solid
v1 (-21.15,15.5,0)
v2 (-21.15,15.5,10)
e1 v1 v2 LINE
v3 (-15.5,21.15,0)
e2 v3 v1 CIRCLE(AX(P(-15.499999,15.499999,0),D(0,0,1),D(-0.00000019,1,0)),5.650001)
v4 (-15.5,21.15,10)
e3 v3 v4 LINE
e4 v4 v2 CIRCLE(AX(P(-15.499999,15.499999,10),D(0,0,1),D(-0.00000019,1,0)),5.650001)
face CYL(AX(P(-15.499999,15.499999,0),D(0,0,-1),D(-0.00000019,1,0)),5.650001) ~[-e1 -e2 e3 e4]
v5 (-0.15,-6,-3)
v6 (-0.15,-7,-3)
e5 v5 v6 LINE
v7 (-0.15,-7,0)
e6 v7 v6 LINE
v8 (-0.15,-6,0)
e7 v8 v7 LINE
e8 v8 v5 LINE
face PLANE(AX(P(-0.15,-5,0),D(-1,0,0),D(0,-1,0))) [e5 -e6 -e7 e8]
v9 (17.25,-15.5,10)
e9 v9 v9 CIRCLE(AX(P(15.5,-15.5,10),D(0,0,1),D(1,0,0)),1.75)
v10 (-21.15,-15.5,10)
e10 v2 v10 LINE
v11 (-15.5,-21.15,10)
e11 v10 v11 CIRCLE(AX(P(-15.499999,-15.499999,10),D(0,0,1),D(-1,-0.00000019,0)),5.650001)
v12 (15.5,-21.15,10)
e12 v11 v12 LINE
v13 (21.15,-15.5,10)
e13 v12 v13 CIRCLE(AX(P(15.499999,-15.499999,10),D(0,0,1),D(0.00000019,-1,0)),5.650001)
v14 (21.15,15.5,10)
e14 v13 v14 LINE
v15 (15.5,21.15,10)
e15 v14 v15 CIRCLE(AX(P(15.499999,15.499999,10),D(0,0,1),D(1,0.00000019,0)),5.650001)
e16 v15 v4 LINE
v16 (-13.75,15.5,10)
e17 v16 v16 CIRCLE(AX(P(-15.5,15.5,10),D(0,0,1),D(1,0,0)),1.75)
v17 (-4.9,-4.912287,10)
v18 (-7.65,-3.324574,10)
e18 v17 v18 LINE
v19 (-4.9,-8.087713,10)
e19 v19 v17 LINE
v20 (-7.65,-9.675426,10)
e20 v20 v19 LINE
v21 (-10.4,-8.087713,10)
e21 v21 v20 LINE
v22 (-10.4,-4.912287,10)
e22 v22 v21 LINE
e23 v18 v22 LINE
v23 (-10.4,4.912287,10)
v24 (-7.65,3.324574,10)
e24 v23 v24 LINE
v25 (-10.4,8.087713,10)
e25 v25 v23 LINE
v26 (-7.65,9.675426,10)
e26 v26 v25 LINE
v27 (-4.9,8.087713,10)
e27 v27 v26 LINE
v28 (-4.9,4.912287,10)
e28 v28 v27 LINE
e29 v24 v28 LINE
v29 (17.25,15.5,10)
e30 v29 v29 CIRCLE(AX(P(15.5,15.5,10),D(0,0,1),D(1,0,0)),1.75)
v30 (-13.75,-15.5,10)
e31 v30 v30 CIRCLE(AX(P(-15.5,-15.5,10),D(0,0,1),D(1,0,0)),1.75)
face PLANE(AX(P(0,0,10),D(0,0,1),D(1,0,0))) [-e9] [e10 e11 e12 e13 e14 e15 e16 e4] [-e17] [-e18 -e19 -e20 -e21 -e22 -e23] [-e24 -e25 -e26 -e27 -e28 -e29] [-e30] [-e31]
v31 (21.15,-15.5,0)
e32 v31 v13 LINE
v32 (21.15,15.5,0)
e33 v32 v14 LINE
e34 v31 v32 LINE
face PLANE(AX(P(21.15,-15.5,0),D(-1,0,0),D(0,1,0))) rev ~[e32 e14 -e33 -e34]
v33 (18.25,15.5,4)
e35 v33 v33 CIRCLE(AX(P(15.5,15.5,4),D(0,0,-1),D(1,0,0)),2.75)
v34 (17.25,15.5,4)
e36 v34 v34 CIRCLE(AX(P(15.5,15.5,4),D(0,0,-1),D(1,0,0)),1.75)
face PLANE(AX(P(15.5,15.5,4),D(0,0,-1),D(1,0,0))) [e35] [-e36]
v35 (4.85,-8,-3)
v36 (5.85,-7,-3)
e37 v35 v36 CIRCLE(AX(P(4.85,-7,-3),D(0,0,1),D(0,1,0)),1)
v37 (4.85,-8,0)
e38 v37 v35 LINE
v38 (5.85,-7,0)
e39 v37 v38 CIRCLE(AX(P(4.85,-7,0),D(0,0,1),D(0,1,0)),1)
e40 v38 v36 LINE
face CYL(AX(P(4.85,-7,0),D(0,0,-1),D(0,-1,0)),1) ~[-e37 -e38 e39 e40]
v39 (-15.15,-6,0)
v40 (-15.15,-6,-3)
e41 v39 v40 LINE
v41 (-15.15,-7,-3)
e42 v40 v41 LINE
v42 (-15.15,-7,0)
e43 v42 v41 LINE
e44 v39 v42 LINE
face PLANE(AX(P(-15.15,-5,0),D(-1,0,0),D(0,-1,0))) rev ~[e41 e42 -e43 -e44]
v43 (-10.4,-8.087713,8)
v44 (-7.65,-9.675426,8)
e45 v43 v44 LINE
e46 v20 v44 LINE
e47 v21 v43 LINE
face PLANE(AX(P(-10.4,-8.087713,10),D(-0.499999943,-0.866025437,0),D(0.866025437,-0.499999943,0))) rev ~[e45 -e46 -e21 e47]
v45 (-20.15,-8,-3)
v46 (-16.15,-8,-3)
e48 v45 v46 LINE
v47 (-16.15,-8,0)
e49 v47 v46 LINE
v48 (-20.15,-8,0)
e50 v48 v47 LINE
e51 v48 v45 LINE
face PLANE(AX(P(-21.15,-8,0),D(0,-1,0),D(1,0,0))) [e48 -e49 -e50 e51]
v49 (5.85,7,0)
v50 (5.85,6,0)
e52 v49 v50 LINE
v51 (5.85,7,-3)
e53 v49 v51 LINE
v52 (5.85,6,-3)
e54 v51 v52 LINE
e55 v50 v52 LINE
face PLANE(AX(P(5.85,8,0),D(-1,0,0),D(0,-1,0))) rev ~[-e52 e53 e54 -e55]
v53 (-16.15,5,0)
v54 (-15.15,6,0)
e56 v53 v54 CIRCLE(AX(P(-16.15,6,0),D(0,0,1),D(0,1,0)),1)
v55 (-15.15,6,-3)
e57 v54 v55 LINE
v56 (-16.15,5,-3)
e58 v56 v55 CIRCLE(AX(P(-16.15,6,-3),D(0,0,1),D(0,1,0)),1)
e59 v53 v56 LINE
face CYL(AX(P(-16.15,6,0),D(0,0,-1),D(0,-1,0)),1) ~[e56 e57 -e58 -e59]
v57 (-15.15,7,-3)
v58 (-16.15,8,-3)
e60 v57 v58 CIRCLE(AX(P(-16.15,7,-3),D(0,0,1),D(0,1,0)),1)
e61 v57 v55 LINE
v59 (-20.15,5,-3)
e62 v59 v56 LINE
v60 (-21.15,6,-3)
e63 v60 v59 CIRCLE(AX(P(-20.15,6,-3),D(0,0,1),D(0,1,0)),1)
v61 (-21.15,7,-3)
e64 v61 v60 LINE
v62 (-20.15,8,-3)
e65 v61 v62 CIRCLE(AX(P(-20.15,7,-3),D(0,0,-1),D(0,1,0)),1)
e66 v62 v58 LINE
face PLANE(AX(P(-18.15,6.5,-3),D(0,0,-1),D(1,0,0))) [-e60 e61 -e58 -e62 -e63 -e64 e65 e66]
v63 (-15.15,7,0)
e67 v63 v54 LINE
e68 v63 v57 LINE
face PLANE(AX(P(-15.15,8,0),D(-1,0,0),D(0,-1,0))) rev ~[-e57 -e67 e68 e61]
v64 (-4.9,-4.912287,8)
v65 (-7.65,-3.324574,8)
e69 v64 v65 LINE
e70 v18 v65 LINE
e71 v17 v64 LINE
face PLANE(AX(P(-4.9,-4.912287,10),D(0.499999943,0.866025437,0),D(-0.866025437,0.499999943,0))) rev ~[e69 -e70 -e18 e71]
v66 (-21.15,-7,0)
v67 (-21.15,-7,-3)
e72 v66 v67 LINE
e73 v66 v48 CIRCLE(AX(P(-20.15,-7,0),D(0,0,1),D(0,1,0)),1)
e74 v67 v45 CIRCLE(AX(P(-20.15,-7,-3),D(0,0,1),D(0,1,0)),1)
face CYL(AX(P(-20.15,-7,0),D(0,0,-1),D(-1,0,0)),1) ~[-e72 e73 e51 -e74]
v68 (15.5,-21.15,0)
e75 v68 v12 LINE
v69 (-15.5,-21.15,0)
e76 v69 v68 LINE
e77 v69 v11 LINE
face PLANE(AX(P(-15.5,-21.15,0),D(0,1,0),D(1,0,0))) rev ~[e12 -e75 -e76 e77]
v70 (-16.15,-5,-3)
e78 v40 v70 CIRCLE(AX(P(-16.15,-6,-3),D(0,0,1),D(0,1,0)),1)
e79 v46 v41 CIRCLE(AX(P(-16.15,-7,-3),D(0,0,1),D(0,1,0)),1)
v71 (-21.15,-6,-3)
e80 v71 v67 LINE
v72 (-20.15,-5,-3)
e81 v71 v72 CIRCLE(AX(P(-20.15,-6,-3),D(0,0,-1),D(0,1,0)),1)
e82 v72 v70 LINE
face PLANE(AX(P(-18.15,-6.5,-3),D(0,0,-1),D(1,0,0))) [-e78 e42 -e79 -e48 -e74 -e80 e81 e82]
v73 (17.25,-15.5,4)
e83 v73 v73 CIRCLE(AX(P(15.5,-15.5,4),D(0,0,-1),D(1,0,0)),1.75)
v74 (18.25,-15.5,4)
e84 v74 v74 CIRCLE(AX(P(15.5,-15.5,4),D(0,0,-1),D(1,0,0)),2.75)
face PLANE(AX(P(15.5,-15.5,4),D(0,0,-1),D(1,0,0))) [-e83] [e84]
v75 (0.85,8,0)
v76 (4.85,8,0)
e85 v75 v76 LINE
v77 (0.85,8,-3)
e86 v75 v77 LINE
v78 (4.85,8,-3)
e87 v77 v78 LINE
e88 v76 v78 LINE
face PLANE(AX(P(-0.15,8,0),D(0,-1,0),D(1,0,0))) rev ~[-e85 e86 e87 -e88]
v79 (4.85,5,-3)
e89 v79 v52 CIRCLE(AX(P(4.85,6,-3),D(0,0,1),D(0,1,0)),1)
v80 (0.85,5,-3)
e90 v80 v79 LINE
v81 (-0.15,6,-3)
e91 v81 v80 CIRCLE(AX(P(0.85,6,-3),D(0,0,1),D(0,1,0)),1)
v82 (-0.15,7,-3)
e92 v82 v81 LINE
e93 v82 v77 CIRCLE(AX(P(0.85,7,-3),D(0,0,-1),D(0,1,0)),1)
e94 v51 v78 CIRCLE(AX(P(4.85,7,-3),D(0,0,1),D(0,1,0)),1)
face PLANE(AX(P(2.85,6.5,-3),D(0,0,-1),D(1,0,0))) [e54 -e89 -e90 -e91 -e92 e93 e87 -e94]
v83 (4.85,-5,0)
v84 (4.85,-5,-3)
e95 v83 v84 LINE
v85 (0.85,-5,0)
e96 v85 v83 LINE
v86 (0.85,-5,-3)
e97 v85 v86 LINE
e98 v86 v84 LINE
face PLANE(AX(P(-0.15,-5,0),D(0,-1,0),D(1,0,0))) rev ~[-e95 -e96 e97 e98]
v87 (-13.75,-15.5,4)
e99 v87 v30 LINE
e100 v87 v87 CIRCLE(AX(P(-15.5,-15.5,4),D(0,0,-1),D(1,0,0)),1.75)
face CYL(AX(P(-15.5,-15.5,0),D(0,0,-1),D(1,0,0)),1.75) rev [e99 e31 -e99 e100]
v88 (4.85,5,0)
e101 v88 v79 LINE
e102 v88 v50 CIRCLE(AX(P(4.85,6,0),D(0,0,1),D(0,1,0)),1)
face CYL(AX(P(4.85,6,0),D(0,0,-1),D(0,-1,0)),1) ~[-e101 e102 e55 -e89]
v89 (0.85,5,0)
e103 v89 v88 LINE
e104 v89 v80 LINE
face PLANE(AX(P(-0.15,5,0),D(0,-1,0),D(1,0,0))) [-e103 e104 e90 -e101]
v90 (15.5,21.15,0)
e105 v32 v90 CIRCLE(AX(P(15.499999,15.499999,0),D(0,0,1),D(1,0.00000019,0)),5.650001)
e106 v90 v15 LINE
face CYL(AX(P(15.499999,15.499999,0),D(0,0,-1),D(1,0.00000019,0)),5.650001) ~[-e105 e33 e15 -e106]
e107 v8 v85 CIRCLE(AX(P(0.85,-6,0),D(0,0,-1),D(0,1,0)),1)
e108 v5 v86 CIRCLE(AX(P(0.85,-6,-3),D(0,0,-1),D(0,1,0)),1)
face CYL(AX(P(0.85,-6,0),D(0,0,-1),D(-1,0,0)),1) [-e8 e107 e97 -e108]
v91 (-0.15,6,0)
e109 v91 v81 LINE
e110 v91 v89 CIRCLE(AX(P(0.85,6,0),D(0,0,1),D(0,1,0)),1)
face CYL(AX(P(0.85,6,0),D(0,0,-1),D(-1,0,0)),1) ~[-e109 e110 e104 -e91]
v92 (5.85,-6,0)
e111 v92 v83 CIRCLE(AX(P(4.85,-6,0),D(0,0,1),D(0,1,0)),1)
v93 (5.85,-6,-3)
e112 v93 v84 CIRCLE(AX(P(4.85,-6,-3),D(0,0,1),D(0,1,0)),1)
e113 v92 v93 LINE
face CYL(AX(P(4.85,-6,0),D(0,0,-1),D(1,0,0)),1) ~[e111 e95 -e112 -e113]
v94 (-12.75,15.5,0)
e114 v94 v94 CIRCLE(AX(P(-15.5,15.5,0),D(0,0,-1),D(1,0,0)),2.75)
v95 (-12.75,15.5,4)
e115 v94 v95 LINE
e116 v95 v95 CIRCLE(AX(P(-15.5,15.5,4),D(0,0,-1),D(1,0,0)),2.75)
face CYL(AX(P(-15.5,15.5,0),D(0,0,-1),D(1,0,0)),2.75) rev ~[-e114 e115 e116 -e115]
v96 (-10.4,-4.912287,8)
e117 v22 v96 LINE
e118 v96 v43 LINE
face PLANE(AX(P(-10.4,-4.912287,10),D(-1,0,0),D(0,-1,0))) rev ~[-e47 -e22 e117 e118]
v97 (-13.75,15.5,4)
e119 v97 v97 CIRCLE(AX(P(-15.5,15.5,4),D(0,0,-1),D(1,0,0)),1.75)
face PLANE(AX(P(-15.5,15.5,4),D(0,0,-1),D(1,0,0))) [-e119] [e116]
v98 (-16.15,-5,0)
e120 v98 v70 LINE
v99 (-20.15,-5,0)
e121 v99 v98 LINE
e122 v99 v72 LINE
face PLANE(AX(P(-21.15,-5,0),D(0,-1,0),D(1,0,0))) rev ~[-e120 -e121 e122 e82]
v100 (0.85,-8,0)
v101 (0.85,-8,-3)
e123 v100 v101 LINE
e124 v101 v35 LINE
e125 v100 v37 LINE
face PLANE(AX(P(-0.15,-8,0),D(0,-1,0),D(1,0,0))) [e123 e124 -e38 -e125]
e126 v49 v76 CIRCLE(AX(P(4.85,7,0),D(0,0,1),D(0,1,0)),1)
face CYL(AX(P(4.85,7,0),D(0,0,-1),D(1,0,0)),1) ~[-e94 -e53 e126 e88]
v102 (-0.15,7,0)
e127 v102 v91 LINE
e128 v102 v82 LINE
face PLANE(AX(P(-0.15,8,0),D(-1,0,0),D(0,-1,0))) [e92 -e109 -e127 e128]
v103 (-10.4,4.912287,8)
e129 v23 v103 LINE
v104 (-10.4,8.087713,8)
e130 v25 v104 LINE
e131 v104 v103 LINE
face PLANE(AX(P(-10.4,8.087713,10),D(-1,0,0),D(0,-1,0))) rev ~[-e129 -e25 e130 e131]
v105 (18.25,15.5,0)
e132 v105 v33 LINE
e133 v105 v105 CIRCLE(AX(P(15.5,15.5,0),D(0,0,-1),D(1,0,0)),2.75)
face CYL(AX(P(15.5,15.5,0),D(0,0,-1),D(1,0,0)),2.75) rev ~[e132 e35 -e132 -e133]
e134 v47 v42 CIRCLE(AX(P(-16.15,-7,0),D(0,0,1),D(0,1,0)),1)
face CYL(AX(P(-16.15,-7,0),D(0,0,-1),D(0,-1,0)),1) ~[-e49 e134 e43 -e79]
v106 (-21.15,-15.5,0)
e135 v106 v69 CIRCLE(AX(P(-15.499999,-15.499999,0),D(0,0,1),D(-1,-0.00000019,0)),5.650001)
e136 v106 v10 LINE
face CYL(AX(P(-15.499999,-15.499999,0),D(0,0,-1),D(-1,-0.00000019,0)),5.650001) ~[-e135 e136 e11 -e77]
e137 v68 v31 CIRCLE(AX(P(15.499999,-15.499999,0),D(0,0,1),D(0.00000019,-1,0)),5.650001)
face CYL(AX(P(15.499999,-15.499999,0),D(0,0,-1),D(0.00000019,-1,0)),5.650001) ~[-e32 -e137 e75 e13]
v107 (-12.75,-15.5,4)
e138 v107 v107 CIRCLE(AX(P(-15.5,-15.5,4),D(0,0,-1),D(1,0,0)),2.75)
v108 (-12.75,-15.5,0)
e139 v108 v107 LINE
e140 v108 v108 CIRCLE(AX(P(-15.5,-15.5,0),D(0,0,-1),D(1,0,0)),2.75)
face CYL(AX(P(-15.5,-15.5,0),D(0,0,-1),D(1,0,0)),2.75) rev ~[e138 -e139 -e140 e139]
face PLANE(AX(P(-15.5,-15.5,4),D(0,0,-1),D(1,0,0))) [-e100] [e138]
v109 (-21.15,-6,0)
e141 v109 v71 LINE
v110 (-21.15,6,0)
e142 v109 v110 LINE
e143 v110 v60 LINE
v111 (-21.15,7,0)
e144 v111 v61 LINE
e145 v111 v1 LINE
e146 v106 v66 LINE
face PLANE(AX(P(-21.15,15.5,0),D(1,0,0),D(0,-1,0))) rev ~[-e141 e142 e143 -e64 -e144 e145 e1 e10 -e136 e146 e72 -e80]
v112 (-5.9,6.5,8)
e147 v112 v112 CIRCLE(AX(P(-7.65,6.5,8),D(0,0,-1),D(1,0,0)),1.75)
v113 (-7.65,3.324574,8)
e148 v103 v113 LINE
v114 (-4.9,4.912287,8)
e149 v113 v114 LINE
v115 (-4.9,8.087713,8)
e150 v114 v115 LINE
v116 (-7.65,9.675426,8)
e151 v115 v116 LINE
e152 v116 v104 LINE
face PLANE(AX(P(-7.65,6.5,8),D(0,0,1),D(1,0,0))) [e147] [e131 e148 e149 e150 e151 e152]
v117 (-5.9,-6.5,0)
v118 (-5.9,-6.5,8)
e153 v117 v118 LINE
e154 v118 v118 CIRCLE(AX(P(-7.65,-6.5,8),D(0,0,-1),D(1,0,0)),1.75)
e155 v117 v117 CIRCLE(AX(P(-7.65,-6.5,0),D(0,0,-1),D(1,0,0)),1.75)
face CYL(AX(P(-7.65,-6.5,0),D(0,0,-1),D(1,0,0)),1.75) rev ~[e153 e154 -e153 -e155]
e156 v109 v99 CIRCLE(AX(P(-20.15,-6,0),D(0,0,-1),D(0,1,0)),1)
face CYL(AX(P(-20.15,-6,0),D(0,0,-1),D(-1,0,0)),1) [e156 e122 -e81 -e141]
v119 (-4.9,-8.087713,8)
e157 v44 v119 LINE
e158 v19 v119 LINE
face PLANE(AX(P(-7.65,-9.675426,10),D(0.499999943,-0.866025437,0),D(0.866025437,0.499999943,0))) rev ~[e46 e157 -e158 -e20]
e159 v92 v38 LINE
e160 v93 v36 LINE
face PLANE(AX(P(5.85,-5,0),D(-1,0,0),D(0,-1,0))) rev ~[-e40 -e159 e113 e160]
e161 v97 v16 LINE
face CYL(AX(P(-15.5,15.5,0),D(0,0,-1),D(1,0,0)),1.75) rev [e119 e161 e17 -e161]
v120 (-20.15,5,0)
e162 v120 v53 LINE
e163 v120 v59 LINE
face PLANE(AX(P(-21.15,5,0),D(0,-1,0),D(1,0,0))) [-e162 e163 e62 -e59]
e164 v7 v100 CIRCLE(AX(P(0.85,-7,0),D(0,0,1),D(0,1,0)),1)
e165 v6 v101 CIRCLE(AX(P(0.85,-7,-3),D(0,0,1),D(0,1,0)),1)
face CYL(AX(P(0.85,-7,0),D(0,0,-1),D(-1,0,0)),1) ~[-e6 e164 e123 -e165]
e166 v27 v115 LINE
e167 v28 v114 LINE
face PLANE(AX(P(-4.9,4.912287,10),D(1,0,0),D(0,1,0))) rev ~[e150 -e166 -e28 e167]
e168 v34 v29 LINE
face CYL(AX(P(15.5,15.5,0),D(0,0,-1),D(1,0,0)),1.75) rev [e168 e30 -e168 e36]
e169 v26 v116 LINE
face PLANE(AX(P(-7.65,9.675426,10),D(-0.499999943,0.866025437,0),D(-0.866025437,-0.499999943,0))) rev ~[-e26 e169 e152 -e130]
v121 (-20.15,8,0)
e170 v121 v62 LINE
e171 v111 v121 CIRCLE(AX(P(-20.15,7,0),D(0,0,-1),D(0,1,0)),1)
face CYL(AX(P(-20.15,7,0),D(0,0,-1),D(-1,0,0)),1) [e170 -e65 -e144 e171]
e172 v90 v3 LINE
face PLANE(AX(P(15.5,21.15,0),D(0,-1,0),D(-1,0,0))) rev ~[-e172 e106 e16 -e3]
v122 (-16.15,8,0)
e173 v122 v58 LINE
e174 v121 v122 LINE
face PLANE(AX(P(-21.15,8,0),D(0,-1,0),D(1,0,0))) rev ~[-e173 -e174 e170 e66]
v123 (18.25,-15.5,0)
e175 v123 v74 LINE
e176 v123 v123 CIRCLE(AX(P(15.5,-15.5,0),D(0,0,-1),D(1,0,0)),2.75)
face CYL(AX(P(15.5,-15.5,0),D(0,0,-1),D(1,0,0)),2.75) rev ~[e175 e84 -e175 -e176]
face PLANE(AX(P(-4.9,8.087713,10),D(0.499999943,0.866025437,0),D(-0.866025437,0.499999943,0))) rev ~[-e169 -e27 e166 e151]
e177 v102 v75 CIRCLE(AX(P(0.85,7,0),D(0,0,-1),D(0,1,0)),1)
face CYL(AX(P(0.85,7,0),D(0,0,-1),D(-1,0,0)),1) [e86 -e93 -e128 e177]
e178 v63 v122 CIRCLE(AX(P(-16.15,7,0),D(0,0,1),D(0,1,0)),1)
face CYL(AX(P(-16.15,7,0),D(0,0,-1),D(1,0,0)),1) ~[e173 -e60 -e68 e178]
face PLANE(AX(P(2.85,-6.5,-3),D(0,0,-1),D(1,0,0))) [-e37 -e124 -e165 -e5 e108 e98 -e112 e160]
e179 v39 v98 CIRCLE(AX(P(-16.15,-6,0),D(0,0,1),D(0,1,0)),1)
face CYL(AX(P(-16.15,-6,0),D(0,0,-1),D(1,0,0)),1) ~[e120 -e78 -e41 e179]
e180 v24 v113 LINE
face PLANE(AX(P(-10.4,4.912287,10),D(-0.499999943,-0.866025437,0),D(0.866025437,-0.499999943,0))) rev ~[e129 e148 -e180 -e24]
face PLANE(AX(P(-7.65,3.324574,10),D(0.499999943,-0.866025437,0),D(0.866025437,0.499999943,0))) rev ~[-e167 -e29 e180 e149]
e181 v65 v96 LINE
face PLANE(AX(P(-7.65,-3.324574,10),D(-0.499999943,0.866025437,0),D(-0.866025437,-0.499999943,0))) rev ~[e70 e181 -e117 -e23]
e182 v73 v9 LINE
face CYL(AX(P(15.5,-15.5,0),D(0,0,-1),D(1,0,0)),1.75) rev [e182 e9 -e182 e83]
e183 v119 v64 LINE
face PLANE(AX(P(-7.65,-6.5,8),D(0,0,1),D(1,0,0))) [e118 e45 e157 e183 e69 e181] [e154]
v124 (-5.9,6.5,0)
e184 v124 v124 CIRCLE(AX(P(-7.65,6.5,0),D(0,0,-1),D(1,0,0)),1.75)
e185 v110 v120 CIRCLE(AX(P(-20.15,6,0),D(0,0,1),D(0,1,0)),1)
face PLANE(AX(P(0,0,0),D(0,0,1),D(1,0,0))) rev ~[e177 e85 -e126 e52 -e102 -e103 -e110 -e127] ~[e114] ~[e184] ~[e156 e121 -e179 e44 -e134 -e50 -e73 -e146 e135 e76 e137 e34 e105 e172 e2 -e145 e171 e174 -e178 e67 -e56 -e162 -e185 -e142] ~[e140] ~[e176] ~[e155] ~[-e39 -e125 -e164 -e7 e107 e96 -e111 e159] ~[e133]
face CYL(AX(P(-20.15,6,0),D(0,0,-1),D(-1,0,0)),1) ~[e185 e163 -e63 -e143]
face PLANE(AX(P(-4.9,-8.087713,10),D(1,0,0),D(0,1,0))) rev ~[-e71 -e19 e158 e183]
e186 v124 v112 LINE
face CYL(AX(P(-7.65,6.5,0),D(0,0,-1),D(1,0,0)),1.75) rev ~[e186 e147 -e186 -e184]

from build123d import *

# Parameters (mm, degrees)
F0_R     = 1.75
F1_DEPTH = 10
F2_R     = 2.75
F2_R_2   = 1.75
F3_DEPTH = 4
F4_W     = 6
F4_H     = 3
F5_DEPTH = 3
F6_R     = 1
F4_R     = 1.75
F7_DEPTH = 25
F9_DEPTH = 2


with BuildPart() as f1:
    # F0 (on Top) → F1 (new body)
    with BuildSketch(Plane.XY):
        with BuildLine():
            Line((-15.5, -21.15), (15.5, -21.15))
            ThreePointArc((15.5, -21.15), (19.495153, -19.495153), (21.15, -15.5))
            Line((21.15, -15.5), (21.15, 15.5))
            ThreePointArc((21.15, 15.5), (19.495153, 19.495153), (15.5, 21.15))
            Line((15.5, 21.15), (-15.5, 21.15))
            ThreePointArc((-15.5, 21.15), (-19.495153, 19.495153), (-21.15, 15.5))
            Line((-21.15, 15.5), (-21.15, -15.5))
            ThreePointArc((-21.15, -15.5), (-19.495153, -19.495153), (-15.5, -21.15))
        make_face()
        with Locations((-15.5, -15.5)):
            Circle(F0_R, mode=Mode.SUBTRACT)
        with Locations((15.5, -15.5)):
            Circle(F0_R, mode=Mode.SUBTRACT)
        with Locations((-15.5, 15.5)):
            Circle(F0_R, mode=Mode.SUBTRACT)
        with Locations((15.5, 15.5)):
            Circle(F0_R, mode=Mode.SUBTRACT)
    extrude(amount=F1_DEPTH)

    # F2 (on face) → F3 (cut)
    with BuildSketch(Plane(origin=(0, 0, 0), x_dir=(1, 0, 0), z_dir=(0, 0, -1))):
        with Locations((15.5, 15.5)):
            Circle(F2_R)
        with Locations((15.5, 15.5)):
            Circle(F2_R_2, mode=Mode.SUBTRACT)
        with Locations((15.5, -15.5)):
            Circle(F2_R)
        with Locations((15.5, -15.5)):
            Circle(F2_R_2, mode=Mode.SUBTRACT)
        with Locations((-15.5, -15.5)):
            Circle(F2_R)
        with Locations((-15.5, -15.5)):
            Circle(F2_R_2, mode=Mode.SUBTRACT)
        with Locations((-15.5, 15.5)):
            Circle(F2_R)
        with Locations((-15.5, 15.5)):
            Circle(F2_R_2, mode=Mode.SUBTRACT)
    extrude(amount=-F3_DEPTH, mode=Mode.SUBTRACT)

    # F4 (on face) → F5 (join)
    with BuildSketch(Plane(origin=(0, 0, 0), x_dir=(1, 0, 0), z_dir=(0, 0, -1))):
        with Locations((2.85, 6.5)):
            Rectangle(F4_W, F4_H)
        with Locations((-18.15, -6.5)):
            Rectangle(F4_W, F4_H)
        with Locations((-18.15, 6.5)):
            Rectangle(F4_W, F4_H)
        with Locations((2.85, -6.5)):
            Rectangle(F4_W, F4_H)
    extrude(amount=F5_DEPTH)

    # F6
    f6_edges = [f1.edges().sort_by_distance(p)[0] for p in [
        (-21.15, -8, -1.5),
        (-21.15, -5, -1.5),
        (-21.15, 5, -1.5),
        (-15.15, 5, -1.5),
        (-15.15, -8, -1.5),
        (-0.15, -8, -1.5),
        (-0.15, -5, -1.5),
        (-0.15, 5, -1.5),
        (-0.15, 8, -1.5),
        (5.85, -8, -1.5),
        (5.85, 5, -1.5),
        (5.85, -5, -1.5),
        (5.85, 8, -1.5),
        (-15.15, 8, -1.5),
        (-21.15, 8, -1.5),
        (-15.15, -5, -1.5),
    ]]
    fillet(f6_edges, radius=F6_R)

    # F4 (on face) → F7 (cut)
    with BuildSketch(Plane(origin=(0, 0, 0), x_dir=(1, 0, 0), z_dir=(0, 0, -1))):
        with Locations((-7.65, 6.5)):
            Circle(F4_R)
        with Locations((-7.65, -6.5)):
            Circle(F4_R)
    extrude(amount=-F7_DEPTH, mode=Mode.SUBTRACT)

    # F8 (on face) → F9 (cut)
    with BuildSketch(Plane.XY.offset(10)):
        Polygon((-4.9, 4.912287), (-4.9, 8.087713), (-7.65, 9.675426), (-10.4, 8.087713), (-10.4, 4.912287), (-7.65, 3.324574), align=None)
        Polygon((-4.9, -8.087713), (-4.9, -4.912287), (-7.65, -3.324574), (-10.4, -4.912287), (-10.4, -8.087713), (-7.65, -9.675426), align=None)
    extrude(amount=-F9_DEPTH, mode=Mode.SUBTRACT)


solid = f1.part
